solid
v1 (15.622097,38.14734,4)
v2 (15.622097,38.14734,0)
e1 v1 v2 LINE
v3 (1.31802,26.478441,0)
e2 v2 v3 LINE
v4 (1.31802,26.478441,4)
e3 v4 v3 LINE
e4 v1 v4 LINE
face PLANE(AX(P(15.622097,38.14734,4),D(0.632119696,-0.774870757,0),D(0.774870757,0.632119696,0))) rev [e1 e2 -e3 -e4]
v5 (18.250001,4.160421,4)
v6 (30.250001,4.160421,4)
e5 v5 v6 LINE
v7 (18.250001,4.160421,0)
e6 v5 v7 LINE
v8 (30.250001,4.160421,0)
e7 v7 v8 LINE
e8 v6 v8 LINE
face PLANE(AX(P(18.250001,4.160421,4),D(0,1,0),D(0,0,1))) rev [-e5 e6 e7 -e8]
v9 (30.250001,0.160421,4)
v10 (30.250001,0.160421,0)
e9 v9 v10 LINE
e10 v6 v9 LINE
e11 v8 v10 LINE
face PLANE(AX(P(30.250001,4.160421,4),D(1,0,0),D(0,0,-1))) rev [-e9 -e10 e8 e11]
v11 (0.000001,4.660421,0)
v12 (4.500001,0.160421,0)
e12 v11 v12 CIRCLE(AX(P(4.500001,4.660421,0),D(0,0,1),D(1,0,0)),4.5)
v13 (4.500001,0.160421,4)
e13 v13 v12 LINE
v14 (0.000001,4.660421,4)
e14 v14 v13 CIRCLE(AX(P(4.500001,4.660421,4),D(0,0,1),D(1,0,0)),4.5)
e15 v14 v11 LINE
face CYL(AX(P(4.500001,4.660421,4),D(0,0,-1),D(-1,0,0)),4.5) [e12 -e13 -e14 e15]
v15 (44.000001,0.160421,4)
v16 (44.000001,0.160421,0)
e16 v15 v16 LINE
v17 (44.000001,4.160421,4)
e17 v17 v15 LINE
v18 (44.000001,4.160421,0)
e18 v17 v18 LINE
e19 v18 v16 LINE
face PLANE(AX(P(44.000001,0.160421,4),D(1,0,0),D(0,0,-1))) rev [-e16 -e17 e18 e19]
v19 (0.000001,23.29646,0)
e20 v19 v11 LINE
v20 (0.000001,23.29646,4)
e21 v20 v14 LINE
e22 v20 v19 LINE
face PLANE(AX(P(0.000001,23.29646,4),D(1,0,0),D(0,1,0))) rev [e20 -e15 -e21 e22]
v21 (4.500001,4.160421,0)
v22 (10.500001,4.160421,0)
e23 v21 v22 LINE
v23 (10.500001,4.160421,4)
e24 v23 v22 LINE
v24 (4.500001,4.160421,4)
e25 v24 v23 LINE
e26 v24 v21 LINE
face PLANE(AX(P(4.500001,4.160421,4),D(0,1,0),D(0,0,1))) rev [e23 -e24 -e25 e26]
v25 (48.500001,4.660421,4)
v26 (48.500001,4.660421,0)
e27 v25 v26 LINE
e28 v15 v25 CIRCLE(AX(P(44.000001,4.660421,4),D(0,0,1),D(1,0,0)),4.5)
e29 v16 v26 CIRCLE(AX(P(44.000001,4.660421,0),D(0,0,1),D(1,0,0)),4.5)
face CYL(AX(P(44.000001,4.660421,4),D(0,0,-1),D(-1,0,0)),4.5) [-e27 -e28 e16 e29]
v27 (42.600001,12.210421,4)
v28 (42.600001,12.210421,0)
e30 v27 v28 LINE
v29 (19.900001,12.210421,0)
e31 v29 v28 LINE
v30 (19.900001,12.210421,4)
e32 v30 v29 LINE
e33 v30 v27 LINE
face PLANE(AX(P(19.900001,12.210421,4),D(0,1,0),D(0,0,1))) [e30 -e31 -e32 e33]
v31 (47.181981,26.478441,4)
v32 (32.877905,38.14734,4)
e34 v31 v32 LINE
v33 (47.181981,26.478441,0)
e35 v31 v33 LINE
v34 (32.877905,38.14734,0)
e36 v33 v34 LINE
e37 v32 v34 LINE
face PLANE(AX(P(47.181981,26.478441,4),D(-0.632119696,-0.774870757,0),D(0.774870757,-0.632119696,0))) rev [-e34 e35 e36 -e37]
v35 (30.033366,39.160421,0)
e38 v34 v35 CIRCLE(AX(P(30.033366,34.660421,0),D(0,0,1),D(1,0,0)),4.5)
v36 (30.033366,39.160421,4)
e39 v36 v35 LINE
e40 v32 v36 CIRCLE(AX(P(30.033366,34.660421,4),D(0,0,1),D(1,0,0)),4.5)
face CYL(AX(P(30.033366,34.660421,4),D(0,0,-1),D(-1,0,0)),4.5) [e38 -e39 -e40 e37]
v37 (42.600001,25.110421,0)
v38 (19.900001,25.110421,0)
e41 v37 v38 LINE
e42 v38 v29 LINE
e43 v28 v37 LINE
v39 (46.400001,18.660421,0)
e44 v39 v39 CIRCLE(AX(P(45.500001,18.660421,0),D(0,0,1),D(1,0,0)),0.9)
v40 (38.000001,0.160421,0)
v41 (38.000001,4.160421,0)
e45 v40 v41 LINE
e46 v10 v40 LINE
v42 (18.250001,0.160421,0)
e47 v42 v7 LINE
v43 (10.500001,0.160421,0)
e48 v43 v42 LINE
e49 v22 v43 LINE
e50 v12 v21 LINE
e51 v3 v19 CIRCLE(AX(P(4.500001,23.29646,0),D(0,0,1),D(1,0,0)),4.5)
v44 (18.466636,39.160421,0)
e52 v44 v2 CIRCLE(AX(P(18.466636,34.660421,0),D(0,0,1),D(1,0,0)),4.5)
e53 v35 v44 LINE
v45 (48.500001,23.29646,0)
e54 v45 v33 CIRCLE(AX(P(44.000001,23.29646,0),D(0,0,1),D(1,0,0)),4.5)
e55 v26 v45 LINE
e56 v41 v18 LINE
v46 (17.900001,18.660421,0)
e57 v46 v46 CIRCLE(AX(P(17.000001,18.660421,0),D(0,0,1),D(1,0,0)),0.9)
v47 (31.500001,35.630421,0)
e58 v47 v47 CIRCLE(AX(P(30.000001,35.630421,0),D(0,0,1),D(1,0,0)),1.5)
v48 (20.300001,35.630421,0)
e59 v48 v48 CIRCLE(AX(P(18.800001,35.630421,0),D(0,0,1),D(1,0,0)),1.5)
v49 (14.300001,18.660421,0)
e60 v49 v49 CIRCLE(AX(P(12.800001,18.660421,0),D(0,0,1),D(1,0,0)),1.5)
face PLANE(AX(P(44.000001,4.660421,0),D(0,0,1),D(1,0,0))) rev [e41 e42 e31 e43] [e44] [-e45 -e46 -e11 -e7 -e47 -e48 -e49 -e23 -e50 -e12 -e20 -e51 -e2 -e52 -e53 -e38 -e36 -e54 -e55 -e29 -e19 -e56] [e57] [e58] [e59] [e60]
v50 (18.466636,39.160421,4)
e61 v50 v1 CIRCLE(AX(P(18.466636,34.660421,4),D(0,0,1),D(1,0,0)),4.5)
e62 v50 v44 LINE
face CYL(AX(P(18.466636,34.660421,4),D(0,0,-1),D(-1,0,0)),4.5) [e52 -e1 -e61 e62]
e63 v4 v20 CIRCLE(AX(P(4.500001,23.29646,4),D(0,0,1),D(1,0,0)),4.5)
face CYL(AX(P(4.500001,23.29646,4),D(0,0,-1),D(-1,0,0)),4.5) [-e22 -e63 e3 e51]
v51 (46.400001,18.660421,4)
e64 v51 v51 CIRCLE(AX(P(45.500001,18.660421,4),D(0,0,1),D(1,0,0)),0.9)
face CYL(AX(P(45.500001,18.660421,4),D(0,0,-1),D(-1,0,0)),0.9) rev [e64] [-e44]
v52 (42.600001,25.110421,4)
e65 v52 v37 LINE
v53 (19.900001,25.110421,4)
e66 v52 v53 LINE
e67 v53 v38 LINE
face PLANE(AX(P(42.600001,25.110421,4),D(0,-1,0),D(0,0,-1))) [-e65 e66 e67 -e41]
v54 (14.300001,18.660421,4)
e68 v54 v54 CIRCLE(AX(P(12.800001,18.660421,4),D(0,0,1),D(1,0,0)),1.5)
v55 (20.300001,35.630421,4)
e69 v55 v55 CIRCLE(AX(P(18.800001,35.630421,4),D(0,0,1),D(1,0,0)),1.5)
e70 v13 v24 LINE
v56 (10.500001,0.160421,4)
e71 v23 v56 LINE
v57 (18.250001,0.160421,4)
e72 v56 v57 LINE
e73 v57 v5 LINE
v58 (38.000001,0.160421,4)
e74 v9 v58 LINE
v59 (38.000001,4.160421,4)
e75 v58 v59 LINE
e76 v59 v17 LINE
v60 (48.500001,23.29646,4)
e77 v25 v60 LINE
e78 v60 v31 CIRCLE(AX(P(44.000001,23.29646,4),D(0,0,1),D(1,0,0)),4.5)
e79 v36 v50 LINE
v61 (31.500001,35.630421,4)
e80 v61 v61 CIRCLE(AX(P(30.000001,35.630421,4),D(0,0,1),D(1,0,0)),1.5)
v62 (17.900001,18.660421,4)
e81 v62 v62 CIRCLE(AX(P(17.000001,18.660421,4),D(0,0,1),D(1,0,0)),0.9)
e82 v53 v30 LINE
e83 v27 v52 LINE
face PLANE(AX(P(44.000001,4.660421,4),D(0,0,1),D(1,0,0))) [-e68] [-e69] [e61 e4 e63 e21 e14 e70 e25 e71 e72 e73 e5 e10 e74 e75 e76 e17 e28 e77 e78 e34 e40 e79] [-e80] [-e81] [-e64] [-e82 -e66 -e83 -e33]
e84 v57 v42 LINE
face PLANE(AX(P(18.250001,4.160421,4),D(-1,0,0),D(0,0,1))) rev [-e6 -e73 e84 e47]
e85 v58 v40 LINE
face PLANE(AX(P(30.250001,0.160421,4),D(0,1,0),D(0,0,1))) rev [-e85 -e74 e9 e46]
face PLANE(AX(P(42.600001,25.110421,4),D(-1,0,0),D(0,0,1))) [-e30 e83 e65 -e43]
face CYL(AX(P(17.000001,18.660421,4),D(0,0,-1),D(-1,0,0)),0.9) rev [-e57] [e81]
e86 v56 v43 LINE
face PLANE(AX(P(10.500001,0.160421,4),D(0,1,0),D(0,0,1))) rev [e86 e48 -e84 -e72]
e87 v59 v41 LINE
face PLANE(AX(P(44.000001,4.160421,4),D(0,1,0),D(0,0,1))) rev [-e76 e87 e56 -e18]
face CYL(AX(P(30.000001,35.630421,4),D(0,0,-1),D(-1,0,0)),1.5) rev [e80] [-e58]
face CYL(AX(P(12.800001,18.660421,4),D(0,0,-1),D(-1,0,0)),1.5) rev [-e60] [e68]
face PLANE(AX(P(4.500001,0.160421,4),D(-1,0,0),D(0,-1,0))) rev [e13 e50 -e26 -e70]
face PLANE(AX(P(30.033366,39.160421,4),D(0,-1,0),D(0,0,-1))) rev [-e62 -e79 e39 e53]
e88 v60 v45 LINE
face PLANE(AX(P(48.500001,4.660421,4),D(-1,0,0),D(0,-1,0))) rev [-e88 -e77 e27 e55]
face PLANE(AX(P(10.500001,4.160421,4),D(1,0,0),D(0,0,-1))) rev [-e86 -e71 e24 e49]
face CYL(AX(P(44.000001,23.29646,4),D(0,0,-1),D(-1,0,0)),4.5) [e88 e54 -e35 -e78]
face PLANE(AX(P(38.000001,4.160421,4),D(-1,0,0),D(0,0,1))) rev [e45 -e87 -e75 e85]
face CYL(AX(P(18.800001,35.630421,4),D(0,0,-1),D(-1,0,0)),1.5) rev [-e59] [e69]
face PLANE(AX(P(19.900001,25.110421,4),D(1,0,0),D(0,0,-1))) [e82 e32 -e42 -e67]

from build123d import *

# Parameters (mm, degrees)
SKETCH1_R           = 1.5
SKETCH1_R_2         = 0.9
SKETCH1_W           = 22.7
SKETCH1_H           = 12.9
BOSS_EXTRUDE1_DEPTH = 4


with BuildPart() as part:
    # Sketch1 → Boss-Extrude1 (new body)
    with BuildSketch(Plane.XY):
        with BuildLine():
            Line((48.50000085, 4.660421271), (48.50000085, 23.29646024))
            ThreePointArc((48.50000085, 23.29646024), (48.157458746, 25.018535686), (47.181981365, 26.478440755))
            Line((47.181981365, 26.478440755), (32.877904779, 38.147339677))
            ThreePointArc((32.877904779, 38.147339677), (31.543145465, 38.899591757), (30.033366148, 39.160421271))
            Line((30.033366148, 39.160421271), (18.466635551, 39.160421271))
            ThreePointArc((18.466635551, 39.160421271), (16.956856234, 38.899591757), (15.62209692, 38.147339677))
            Line((15.62209692, 38.147339677), (1.318020334, 26.478440755))
            ThreePointArc((1.318020334, 26.478440755), (0.342542953, 25.018535686), (8.5e-07, 23.29646024))
            Line((8.5e-07, 23.29646024), (8.5e-07, 4.660421271))
            ThreePointArc((8.5e-07, 4.660421271), (1.318020334, 1.478440755), (4.50000085, 0.160421271))
            Line((4.50000085, 0.160421271), (4.50000085, 4.160421271))
            Line((4.50000085, 4.160421271), (10.50000085, 4.160421271))
            Line((10.50000085, 4.160421271), (10.50000085, 0.160421271))
            Line((10.50000085, 0.160421271), (18.25000085, 0.160421271))
            Line((18.25000085, 0.160421271), (18.25000085, 4.160421271))
            Line((18.25000085, 4.160421271), (30.25000085, 4.160421271))
            Line((30.25000085, 4.160421271), (30.25000085, 0.160421271))
            Line((30.25000085, 0.160421271), (38.00000085, 0.160421271))
            Line((38.00000085, 0.160421271), (38.00000085, 4.160421271))
            Line((38.00000085, 4.160421271), (44.00000085, 4.160421271))
            Line((44.00000085, 4.160421271), (44.00000085, 0.160421271))
            ThreePointArc((44.00000085, 0.160421271), (47.181981365, 1.478440755), (48.50000085, 4.660421271))
        make_face()
        with Locations((12.80000085, 18.660421271)):
            Circle(SKETCH1_R, mode=Mode.SUBTRACT)
        with Locations((18.80000085, 35.630421271)):
            Circle(SKETCH1_R, mode=Mode.SUBTRACT)
        with Locations((30.00000085, 35.630421271)):
            Circle(SKETCH1_R, mode=Mode.SUBTRACT)
        with Locations((17.00000085, 18.660421271)):
            Circle(SKETCH1_R_2, mode=Mode.SUBTRACT)
        with Locations((45.50000085, 18.660421271)):
            Circle(SKETCH1_R_2, mode=Mode.SUBTRACT)
        with Locations((31.25000085, 18.660421271)):
            Rectangle(SKETCH1_W, SKETCH1_H, mode=Mode.SUBTRACT)
    extrude(amount=BOSS_EXTRUDE1_DEPTH)


solid = part.part
